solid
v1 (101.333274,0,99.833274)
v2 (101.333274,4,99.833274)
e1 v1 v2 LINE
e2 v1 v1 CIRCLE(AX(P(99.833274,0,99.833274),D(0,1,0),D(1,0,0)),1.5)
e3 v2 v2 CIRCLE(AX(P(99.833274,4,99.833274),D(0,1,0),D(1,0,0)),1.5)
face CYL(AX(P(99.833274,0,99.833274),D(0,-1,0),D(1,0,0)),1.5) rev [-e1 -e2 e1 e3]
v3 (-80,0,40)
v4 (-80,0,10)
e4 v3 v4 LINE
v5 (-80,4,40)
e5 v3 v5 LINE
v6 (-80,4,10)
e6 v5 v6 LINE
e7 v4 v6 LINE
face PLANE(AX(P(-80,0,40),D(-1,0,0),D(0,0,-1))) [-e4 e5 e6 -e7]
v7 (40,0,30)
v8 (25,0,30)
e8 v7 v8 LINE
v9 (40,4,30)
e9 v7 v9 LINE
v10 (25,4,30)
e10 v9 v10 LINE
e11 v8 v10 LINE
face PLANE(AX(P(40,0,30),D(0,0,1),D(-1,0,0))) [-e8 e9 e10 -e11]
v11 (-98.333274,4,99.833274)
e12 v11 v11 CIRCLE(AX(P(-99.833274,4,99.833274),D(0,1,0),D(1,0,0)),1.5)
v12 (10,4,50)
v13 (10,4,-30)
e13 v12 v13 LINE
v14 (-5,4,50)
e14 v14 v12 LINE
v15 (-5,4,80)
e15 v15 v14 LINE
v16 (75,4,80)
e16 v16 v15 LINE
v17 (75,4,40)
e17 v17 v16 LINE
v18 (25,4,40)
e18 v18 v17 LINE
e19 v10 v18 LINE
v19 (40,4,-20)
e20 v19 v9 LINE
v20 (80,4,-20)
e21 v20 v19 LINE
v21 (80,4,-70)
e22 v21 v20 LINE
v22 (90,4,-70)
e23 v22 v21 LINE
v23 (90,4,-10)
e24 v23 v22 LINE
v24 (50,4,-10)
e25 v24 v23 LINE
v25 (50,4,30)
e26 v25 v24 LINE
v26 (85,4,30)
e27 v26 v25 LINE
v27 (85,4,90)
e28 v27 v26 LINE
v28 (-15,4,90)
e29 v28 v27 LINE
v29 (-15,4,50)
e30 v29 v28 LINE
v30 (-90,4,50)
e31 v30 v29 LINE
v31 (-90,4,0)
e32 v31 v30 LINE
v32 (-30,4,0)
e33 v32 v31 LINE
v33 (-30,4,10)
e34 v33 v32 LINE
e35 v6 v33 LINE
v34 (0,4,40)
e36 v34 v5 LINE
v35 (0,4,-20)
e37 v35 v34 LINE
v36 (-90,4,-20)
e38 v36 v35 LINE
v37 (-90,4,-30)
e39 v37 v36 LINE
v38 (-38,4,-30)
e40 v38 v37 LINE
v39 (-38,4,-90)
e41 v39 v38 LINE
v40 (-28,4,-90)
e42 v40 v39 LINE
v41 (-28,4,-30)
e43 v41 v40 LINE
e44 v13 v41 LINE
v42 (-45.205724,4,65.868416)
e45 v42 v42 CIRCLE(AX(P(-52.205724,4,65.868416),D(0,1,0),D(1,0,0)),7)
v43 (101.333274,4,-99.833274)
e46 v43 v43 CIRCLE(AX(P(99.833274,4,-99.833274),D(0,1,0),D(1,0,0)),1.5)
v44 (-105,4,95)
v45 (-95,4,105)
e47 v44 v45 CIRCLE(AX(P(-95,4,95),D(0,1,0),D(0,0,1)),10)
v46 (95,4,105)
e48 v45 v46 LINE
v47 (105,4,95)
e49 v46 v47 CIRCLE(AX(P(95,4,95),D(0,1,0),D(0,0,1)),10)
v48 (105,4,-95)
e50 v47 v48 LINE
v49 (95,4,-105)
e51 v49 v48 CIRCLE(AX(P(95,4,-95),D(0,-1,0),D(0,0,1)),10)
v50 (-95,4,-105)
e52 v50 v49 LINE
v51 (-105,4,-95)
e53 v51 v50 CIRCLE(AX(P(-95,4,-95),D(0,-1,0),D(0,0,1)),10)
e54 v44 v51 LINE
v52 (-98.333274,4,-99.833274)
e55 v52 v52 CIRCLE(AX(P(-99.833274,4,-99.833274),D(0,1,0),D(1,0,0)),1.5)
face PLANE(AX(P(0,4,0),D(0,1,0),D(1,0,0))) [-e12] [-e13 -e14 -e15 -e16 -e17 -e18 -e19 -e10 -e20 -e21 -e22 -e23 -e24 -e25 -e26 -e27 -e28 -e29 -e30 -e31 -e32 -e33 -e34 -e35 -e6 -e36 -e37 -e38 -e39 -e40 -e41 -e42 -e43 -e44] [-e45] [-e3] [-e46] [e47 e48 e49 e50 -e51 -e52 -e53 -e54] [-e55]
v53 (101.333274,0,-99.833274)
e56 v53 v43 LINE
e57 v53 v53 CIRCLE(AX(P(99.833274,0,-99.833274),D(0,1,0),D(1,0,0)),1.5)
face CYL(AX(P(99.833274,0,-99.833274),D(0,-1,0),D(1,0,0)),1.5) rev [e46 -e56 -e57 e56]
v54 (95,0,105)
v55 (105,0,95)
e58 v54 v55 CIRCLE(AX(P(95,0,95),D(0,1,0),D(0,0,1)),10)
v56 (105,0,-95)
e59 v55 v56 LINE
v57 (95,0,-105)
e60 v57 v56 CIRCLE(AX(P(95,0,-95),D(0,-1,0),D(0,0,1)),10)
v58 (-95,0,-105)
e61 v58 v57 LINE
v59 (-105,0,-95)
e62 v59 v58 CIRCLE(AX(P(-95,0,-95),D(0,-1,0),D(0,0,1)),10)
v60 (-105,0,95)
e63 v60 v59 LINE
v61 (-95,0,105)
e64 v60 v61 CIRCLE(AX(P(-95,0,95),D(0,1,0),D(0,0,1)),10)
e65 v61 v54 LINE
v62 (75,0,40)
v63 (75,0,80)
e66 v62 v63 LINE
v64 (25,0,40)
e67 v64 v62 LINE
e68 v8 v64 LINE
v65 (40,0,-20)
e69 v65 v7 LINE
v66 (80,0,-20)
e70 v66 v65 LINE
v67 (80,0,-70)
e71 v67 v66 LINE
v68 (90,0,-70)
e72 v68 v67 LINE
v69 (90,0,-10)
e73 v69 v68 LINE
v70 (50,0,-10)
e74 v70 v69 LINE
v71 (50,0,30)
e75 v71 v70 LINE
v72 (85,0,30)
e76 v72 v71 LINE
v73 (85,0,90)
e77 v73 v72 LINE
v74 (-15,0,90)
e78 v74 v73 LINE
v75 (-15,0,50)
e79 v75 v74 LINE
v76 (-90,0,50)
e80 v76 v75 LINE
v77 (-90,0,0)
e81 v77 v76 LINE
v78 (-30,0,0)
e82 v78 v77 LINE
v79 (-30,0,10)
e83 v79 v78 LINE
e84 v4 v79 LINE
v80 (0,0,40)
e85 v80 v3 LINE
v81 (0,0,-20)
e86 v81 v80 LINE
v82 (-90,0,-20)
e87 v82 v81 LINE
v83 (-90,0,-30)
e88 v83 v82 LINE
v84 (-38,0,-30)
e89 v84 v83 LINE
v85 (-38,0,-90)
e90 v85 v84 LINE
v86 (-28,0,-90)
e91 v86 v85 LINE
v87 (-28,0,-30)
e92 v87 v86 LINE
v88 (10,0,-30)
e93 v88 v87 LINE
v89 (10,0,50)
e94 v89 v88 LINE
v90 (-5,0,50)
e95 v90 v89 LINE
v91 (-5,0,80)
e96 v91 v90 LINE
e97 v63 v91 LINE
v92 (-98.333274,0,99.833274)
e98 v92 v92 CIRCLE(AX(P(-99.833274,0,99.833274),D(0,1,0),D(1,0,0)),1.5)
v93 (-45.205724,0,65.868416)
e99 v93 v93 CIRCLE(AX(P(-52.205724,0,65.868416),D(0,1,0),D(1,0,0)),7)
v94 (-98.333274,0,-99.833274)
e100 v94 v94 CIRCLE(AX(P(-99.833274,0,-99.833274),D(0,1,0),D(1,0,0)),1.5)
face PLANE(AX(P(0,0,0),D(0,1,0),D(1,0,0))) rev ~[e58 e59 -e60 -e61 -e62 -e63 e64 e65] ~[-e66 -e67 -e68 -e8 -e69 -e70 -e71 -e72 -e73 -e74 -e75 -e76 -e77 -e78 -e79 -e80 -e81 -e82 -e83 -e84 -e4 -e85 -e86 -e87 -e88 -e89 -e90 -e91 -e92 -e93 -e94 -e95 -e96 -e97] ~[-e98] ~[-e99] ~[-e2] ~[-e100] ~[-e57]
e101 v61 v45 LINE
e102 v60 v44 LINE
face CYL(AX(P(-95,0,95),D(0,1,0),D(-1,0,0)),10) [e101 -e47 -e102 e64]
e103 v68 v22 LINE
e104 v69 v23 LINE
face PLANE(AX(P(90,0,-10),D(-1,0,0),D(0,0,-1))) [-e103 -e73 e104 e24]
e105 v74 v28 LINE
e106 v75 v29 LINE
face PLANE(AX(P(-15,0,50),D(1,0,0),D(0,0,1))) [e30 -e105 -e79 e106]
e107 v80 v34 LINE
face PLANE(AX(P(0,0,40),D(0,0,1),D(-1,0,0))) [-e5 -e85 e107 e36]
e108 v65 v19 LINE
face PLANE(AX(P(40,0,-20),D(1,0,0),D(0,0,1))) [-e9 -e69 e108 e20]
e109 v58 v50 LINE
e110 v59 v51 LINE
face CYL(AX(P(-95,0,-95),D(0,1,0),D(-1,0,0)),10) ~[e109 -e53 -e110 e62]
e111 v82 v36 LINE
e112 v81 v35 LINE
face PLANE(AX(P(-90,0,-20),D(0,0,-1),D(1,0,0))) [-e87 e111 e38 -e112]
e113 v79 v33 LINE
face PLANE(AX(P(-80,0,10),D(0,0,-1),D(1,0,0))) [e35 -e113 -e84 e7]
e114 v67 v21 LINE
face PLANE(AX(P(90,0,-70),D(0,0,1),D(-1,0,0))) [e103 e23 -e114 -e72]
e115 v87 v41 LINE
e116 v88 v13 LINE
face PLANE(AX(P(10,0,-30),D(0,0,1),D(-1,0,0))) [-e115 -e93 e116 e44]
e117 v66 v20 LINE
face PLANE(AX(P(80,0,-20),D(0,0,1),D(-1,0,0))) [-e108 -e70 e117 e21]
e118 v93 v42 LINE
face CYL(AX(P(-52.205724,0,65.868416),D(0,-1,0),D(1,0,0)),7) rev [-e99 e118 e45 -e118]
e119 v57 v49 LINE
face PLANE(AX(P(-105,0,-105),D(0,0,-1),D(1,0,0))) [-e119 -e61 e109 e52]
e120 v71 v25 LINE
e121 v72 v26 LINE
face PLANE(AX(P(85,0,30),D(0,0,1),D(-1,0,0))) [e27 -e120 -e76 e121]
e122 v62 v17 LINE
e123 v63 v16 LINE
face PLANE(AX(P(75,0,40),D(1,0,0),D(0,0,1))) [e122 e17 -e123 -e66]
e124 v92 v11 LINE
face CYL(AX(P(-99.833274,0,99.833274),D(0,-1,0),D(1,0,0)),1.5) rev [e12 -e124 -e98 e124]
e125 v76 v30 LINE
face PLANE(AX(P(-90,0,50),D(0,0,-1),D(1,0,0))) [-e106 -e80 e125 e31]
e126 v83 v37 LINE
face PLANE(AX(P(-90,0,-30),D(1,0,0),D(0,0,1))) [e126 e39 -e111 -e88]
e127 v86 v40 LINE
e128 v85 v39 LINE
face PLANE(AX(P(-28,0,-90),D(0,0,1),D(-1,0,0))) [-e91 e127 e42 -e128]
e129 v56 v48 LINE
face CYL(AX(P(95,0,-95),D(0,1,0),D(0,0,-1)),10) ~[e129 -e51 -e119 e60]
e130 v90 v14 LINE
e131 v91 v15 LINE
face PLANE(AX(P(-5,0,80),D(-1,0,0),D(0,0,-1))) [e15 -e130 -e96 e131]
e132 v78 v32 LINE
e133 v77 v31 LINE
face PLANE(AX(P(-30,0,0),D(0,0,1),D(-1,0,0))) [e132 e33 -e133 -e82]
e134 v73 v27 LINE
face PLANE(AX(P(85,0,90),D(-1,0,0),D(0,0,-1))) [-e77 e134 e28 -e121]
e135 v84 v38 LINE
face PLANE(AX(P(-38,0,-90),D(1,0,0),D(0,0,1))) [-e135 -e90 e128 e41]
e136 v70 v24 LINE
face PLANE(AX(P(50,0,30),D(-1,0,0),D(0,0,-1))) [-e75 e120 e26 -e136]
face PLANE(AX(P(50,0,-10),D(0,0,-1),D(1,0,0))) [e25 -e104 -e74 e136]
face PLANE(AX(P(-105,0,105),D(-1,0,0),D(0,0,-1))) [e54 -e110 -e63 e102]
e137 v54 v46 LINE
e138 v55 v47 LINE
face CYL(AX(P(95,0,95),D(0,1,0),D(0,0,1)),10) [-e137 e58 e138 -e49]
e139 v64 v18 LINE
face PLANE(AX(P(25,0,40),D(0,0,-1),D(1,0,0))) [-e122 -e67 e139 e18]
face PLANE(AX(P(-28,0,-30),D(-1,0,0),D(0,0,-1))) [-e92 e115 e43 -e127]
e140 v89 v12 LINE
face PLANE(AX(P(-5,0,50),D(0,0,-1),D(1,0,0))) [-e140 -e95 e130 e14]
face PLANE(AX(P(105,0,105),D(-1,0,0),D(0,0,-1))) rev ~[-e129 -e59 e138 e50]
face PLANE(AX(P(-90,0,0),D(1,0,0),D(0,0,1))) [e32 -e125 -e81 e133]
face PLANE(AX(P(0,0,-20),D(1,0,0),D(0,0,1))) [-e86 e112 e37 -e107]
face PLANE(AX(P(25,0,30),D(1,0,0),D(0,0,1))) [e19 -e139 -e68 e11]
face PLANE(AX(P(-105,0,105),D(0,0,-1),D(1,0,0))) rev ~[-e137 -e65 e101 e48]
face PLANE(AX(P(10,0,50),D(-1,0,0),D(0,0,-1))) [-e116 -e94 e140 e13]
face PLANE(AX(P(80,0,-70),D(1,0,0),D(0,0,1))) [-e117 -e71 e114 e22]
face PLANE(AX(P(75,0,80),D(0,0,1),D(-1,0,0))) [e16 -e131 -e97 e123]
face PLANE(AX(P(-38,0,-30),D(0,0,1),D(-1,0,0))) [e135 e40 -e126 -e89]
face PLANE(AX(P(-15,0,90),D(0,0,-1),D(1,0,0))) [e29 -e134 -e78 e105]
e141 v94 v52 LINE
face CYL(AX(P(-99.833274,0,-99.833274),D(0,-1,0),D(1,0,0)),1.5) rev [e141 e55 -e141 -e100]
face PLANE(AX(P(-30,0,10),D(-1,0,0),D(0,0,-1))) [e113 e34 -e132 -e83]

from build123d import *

# Parameters (mm, degrees)
SKETCH1_W         = 210
SKETCH1_H         = 210
MAINEXTRUDE_DEPTH = 4
SKETCH1_6_R       = 1.5
SCREWHOLES_DEPTH  = 4
ROUNDEDCORNERS_R  = 10
SKETCH3_R         = 7
TRENCH_DEPTH      = 4


with BuildPart() as part:
    # Sketch1 → MainExtrude (new body)
    with BuildSketch(Plane(origin=(0, 0, 0), x_dir=(1, 0, 0), z_dir=(0, 1, 0))):
        Rectangle(SKETCH1_W, SKETCH1_H)
    extrude(amount=MAINEXTRUDE_DEPTH)

    # Sketch1<6> → ScrewHoles (cut)
    with BuildSketch(Plane(origin=(0, 0, 0), x_dir=(1, 0, 0), z_dir=(0, 1, 0))):
        with Locations((-99.833273811, 99.833273811)):
            Circle(SKETCH1_6_R)
        with Locations((-99.833273811, -99.833273811)):
            Circle(SKETCH1_6_R)
        with Locations((99.833273811, -99.833273811)):
            Circle(SKETCH1_6_R)
        with Locations((99.833273811, 99.833273811)):
            Circle(SKETCH1_6_R)
    extrude(amount=SCREWHOLES_DEPTH, mode=Mode.SUBTRACT)

    # RoundedCorners
    roundedcorners_edges = [part.edges().sort_by_distance(p)[0] for p in [
        (-105, 2, -105),
        (-105, 2, 105),
        (105, 2, 105),
        (105, 2, -105),
    ]]
    fillet(roundedcorners_edges, radius=ROUNDEDCORNERS_R)

    # Sketch3 → Trench (cut)
    with BuildSketch(Plane(origin=(0, 0, 0), x_dir=(1, 0, 0), z_dir=(0, 1, 0))):
        with Locations((-52.205723714, -65.868416485)):
            Circle(SKETCH3_R)
        Polygon((-38, 90), (-38, 30), (-90, 30), (-90, 20), (0, 20), (0, -40), (-80, -40), (-80, -10), (-30, -10), (-30, 0), (-90, 0), (-90, -50), (-15, -50), (-15, -90), (85, -90), (85, -30), (50, -30), (50, 10), (90, 10), (90, 70), (80, 70), (80, 20), (40, 20), (40, -30), (25, -30), (25, -40), (75, -40), (75, -80), (-5, -80), (-5, -50), (10, -50), (10, 30), (-28, 30), (-28, 90), align=None)
    extrude(amount=TRENCH_DEPTH, mode=Mode.SUBTRACT)


solid = part.part
